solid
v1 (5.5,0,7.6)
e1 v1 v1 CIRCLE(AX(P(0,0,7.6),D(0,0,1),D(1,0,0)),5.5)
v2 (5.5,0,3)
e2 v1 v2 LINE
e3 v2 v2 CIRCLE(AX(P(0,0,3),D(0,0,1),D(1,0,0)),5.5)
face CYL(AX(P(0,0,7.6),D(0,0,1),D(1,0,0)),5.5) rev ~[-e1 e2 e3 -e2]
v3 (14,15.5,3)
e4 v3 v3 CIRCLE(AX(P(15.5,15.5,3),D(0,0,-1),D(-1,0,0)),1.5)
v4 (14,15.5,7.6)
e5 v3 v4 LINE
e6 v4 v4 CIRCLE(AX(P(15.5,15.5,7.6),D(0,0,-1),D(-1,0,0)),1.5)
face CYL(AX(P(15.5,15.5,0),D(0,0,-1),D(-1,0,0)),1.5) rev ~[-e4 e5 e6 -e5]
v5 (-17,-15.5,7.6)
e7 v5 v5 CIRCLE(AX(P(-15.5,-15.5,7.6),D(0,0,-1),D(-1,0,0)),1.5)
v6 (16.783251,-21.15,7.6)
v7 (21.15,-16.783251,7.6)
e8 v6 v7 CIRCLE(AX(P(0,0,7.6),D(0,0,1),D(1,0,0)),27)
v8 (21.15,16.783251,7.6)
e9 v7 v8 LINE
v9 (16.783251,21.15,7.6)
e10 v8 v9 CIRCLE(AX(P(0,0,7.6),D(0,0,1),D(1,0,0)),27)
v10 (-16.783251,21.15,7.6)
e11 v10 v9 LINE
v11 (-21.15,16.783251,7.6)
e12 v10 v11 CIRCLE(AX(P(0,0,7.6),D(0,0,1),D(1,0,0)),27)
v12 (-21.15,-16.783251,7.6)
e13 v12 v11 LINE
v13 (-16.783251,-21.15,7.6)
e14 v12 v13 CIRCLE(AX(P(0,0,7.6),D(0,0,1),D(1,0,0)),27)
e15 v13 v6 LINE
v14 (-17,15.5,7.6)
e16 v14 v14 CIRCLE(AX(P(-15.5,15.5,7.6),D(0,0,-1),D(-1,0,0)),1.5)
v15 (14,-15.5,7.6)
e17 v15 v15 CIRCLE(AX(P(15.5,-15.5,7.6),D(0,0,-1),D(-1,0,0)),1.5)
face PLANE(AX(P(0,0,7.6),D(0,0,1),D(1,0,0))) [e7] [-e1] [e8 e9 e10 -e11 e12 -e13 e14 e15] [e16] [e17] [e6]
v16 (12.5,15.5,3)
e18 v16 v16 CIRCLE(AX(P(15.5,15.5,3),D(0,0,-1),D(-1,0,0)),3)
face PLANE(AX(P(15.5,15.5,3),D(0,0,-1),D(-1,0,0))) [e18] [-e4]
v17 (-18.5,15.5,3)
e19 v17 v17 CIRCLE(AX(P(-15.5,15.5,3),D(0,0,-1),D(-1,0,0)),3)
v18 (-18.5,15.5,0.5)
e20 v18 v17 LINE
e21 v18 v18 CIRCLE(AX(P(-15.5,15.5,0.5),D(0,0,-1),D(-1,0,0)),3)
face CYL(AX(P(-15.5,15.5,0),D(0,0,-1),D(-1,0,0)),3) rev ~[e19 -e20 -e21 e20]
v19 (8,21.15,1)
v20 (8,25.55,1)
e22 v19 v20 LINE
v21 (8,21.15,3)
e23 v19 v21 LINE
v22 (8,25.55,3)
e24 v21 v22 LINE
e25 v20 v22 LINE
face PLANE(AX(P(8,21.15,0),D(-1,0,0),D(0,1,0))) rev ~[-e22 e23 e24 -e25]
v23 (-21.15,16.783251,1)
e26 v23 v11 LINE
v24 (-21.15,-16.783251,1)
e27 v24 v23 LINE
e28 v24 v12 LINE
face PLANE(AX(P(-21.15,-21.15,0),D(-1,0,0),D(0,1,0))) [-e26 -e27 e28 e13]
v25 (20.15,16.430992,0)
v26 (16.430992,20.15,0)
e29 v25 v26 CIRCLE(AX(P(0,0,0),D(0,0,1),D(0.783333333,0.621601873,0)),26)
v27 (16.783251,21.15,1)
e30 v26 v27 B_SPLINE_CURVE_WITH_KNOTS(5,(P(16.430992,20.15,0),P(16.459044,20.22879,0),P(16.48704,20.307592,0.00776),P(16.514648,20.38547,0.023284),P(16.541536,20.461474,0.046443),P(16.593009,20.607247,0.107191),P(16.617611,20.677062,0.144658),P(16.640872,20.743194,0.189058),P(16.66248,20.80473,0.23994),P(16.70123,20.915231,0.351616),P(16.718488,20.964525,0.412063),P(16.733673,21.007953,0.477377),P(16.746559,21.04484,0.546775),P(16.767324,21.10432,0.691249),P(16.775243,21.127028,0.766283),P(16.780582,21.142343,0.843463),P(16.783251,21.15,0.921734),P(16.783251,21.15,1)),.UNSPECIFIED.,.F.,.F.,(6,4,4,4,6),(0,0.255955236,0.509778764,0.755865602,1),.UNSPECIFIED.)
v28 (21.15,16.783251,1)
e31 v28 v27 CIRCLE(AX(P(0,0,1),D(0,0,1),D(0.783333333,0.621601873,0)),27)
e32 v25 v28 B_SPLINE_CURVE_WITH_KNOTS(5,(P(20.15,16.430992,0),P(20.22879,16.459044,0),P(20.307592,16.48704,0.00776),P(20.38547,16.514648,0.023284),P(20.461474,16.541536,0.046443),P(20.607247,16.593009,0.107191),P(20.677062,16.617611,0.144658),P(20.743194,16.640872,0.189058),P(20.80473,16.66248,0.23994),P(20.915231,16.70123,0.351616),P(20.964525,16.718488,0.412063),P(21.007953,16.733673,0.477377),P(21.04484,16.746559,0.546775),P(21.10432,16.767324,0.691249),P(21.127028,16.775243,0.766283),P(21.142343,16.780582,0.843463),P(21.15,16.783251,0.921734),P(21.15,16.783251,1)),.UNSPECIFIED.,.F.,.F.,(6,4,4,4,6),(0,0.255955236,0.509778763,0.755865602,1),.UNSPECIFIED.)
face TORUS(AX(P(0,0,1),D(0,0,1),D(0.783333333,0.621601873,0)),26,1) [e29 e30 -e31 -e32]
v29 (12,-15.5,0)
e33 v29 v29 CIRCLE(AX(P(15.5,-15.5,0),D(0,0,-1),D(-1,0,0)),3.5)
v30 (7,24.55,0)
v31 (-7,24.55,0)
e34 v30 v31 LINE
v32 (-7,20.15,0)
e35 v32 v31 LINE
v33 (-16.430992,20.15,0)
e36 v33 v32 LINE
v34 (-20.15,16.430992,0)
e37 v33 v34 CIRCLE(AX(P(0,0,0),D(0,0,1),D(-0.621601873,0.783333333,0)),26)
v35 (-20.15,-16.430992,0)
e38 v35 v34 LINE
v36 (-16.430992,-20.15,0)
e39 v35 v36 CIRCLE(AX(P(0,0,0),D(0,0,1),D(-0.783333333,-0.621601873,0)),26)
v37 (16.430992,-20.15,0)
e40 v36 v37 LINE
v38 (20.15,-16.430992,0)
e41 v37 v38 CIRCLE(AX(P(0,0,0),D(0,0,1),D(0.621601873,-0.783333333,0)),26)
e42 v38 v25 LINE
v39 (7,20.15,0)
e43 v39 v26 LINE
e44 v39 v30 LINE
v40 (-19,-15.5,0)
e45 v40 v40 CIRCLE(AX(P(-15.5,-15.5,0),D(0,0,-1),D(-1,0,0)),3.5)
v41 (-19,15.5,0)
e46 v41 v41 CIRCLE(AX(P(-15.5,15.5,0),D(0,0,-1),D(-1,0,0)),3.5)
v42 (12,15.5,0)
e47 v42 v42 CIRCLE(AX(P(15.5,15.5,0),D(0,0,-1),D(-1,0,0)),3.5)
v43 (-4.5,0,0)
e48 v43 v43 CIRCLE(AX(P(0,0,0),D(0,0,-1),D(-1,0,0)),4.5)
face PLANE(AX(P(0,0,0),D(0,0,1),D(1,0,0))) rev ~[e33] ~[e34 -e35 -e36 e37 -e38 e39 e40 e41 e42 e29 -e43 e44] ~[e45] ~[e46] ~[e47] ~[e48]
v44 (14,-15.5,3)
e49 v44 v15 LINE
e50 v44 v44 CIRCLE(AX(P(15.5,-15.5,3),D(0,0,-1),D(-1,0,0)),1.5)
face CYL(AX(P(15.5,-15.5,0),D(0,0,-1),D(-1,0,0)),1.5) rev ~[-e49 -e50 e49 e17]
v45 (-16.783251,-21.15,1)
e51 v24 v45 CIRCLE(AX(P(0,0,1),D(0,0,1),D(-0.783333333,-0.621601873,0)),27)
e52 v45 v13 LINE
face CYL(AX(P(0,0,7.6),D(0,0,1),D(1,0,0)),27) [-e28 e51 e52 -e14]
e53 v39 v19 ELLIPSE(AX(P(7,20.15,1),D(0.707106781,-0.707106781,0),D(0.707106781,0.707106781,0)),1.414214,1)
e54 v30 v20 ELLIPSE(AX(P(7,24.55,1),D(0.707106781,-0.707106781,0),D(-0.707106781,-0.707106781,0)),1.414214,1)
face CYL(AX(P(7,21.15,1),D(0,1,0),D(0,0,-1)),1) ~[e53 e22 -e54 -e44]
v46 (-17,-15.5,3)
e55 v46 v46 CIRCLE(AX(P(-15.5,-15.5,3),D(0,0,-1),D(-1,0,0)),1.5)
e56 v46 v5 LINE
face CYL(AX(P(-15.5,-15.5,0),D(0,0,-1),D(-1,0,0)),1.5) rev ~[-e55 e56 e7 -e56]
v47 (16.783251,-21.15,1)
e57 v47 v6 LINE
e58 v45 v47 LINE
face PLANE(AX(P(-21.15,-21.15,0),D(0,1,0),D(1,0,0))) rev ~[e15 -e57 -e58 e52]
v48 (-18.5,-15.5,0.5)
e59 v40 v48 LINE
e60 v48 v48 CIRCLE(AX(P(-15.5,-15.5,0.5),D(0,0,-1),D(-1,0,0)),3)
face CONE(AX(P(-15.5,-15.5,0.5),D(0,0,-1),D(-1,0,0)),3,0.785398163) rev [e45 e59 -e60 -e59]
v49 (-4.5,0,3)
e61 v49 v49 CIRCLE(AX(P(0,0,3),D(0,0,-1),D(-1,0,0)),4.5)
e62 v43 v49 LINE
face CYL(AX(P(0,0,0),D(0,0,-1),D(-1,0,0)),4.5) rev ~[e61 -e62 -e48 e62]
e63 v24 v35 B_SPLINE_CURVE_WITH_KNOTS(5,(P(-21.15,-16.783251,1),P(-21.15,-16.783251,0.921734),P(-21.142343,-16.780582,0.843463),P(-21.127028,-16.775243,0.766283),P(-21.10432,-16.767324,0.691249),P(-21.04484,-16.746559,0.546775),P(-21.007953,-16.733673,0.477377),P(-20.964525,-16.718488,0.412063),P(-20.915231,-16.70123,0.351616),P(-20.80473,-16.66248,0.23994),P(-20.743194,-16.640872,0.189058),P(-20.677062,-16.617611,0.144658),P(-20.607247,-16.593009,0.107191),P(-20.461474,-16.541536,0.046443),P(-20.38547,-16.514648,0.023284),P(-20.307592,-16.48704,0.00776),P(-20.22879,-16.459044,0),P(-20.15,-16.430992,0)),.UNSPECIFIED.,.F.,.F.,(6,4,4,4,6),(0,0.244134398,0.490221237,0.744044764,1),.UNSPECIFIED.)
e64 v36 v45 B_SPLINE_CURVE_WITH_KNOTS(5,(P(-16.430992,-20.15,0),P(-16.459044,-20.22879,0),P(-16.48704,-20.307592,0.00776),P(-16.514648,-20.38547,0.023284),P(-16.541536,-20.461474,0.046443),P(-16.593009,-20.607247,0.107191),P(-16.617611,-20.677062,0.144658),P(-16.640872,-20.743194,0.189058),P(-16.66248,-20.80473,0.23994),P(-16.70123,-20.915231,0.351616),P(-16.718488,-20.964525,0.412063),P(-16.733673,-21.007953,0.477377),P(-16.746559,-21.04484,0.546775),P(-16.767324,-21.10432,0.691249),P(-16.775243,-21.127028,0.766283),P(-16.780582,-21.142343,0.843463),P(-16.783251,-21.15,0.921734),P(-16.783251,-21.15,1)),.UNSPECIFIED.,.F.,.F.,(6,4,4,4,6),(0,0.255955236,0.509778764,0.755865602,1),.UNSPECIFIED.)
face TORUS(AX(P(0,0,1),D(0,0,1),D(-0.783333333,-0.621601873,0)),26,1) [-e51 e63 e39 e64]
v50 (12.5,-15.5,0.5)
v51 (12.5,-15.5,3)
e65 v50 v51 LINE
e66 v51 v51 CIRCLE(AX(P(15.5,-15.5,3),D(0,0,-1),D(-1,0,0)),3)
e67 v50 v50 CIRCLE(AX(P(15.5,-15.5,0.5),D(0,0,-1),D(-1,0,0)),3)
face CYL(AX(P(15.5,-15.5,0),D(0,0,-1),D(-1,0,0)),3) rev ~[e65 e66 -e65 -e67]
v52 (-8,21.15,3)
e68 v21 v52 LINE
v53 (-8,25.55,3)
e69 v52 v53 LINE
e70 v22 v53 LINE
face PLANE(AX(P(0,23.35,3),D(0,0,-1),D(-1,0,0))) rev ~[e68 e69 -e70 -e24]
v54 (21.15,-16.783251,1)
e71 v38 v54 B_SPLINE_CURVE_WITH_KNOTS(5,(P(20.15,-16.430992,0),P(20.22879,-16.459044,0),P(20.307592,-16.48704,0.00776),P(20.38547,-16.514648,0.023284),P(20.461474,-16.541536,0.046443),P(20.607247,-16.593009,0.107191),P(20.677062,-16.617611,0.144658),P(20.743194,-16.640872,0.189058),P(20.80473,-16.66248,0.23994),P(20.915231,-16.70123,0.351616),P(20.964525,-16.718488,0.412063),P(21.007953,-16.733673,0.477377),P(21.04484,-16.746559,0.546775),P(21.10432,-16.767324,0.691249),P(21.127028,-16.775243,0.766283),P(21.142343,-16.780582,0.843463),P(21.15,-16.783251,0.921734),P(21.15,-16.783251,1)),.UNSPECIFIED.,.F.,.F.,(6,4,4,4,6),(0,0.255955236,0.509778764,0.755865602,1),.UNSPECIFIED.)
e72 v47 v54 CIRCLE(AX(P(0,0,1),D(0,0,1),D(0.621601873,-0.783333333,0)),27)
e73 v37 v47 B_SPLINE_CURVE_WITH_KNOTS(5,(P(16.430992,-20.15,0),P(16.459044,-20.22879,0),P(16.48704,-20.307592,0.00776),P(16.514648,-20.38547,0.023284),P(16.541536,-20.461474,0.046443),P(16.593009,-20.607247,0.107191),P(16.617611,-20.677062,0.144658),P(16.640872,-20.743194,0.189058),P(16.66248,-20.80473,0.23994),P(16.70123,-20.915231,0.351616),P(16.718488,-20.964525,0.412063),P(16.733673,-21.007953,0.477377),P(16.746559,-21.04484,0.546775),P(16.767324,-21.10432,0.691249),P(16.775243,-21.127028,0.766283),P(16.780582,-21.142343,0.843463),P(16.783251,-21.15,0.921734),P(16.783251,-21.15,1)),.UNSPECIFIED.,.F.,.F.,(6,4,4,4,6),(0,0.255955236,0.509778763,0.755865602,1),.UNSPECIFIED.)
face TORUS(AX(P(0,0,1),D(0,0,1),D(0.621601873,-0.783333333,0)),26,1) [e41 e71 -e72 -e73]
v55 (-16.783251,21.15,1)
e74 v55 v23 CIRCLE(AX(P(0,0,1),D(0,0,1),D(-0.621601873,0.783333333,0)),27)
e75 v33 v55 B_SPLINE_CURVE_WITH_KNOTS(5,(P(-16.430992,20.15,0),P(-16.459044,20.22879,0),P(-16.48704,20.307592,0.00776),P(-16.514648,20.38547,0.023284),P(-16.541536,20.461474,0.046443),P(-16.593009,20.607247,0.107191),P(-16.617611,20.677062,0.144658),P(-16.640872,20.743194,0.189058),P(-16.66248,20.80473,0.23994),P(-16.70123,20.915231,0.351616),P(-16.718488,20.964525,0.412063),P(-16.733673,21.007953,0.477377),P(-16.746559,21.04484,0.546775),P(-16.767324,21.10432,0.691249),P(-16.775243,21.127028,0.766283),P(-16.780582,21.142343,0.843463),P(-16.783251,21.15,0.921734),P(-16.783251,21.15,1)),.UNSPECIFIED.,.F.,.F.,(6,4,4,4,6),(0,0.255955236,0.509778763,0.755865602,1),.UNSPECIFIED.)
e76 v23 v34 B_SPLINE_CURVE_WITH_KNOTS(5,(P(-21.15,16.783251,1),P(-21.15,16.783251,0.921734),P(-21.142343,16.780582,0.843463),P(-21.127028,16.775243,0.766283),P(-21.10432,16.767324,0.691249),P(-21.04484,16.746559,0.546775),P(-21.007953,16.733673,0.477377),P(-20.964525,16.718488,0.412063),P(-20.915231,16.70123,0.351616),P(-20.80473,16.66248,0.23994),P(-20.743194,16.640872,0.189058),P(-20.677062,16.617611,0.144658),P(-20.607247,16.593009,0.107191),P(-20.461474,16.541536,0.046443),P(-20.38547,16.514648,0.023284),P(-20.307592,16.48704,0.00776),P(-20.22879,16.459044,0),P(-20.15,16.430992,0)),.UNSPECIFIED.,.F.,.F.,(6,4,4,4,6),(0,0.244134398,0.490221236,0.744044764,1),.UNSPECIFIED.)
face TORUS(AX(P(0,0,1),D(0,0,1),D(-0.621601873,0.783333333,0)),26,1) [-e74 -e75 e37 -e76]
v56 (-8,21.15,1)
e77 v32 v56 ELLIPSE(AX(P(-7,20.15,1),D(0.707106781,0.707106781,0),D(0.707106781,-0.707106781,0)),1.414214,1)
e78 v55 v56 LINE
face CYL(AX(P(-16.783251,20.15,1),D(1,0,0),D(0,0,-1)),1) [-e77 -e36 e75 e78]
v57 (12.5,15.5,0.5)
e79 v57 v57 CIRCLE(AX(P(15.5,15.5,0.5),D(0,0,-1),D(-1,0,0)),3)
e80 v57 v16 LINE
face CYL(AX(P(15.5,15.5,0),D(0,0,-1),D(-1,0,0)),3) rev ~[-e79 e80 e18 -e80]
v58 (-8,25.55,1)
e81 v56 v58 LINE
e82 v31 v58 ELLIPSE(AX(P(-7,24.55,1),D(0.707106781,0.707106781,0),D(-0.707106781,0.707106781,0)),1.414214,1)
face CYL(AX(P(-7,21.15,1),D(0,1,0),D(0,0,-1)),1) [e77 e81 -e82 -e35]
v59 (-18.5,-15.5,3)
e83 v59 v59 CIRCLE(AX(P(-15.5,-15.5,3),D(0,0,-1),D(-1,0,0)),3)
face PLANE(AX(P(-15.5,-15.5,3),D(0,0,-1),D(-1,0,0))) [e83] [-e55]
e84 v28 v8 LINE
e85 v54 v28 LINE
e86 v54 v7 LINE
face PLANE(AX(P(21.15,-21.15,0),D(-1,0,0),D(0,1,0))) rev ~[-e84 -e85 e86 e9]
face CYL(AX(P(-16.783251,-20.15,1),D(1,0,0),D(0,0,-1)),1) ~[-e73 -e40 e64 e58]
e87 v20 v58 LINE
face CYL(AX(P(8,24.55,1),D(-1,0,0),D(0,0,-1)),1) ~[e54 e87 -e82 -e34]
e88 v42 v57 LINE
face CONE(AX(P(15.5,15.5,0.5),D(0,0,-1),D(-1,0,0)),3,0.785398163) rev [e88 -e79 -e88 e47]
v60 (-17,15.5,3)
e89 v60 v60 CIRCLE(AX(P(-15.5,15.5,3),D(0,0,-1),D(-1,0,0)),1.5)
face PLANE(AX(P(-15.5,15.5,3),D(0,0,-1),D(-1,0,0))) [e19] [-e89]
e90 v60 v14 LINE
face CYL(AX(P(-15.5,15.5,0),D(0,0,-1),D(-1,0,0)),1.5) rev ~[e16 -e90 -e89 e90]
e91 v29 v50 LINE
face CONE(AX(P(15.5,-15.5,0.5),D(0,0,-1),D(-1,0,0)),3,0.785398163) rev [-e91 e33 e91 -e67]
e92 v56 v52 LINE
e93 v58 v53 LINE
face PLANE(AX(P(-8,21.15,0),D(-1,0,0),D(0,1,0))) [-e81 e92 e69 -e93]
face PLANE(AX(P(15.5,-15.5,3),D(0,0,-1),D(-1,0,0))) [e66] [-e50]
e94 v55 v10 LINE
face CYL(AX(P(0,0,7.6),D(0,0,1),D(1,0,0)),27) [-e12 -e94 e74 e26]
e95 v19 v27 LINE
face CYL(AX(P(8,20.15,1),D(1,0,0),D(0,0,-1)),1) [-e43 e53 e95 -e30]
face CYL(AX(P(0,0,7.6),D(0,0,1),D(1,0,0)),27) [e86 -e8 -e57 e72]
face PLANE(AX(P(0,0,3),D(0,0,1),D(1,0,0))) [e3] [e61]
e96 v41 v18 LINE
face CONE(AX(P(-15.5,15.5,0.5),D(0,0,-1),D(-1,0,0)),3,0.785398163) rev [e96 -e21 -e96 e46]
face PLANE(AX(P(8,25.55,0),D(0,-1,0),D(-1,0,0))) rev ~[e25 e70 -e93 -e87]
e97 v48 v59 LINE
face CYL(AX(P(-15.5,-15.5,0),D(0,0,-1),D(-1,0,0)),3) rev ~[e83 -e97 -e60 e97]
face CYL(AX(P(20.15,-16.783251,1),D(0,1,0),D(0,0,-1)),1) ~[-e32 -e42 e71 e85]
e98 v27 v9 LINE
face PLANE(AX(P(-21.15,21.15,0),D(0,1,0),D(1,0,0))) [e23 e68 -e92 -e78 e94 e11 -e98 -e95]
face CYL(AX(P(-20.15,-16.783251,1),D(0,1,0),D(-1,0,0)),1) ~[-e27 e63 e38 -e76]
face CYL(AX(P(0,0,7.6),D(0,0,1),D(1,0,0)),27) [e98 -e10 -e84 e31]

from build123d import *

# Parameters (mm, degrees)
CROQUIS1_W            = 42.3
CROQUIS1_H            = 42.3
EXTRUDE_FEATURE_DEPTH = 7.6
SKETCH2_R             = 29.910616844
SKETCH2_R_2           = 27
CUT_EXTRUDE1_DEPTH    = 8.6
CROQUIS5_R            = 1.5
CORTAR_EXTRUIR2_DEPTH = 22
CROQUIS6_R            = 4.5
CORTAR_EXTRUIR3_DEPTH = 8.6
SKETCH3_R             = 5.5
CUT_EXTRUDE2_DEPTH    = 4.6
CROQUIS7_R            = 3
CORTAR_EXTRUIR4_DEPTH = 3
SKETCH1_W             = 16
SKETCH1_H             = 4.4
BOSS_EXTRUDE1_DEPTH   = 3
FILLET1_R             = 1
CHAMFER1_SIZE         = 0.5


with BuildPart() as part:
    # Croquis1 → Extrude Feature (new body)
    with BuildSketch(Plane.XY):
        Rectangle(CROQUIS1_W, CROQUIS1_H)
    extrude(amount=EXTRUDE_FEATURE_DEPTH)

    # Sketch2 → Cut-Extrude1 (cut, through all)
    with BuildSketch(Plane.XY.offset(7.6)):
        Circle(SKETCH2_R)
        Circle(SKETCH2_R_2, mode=Mode.SUBTRACT)
    extrude(amount=-CUT_EXTRUDE1_DEPTH, mode=Mode.SUBTRACT)

    # Croquis5 → Cortar-Extruir2 (cut)
    with BuildSketch(Plane(origin=(0, 0, 0), x_dir=(-1, 0, 0), z_dir=(0, 0, -1))):
        with Locations((-15.5, 15.5)):
            Circle(CROQUIS5_R)
        with Locations((15.5, 15.5)):
            Circle(CROQUIS5_R)
        with Locations((15.5, -15.5)):
            Circle(CROQUIS5_R)
        with Locations((-15.5, -15.5)):
            Circle(CROQUIS5_R)
    extrude(amount=-CORTAR_EXTRUIR2_DEPTH, mode=Mode.SUBTRACT)

    # Croquis6 → Cortar-Extruir3 (cut, through all)
    with BuildSketch(Plane(origin=(0, 0, 0), x_dir=(-1, 0, 0), z_dir=(0, 0, -1))):
        Circle(CROQUIS6_R)
    extrude(amount=-CORTAR_EXTRUIR3_DEPTH, mode=Mode.SUBTRACT)

    # Sketch3 → Cut-Extrude2 (cut)
    with BuildSketch(Plane.XY.offset(7.6)):
        Circle(SKETCH3_R)
    extrude(amount=-CUT_EXTRUDE2_DEPTH, mode=Mode.SUBTRACT)

    # Croquis7 → Cortar-Extruir4 (cut)
    with BuildSketch(Plane(origin=(0, 0, 0), x_dir=(-1, 0, 0), z_dir=(0, 0, -1))):
        with Locations((-15.5, 15.5)):
            Circle(CROQUIS7_R)
        with Locations((15.5, 15.5)):
            Circle(CROQUIS7_R)
        with Locations((15.5, -15.5)):
            Circle(CROQUIS7_R)
        with Locations((-15.5, -15.5)):
            Circle(CROQUIS7_R)
    extrude(amount=-CORTAR_EXTRUIR4_DEPTH, mode=Mode.SUBTRACT)

    # Sketch1 → Boss-Extrude1 (add)
    with BuildSketch(Plane(origin=(0, 0, 0), x_dir=(-1, 0, 0), z_dir=(0, 0, -1))):
        with Locations((0, 23.35)):
            Rectangle(SKETCH1_W, SKETCH1_H)
    extrude(amount=-BOSS_EXTRUDE1_DEPTH)

    # Fillet1
    fillet1_edges = [part.edges().sort_by_distance(p)[0] for p in [
        (-12.39162529, 21.15, 0),
        (-8, 23.35, 0),
        (0, 25.55, 0),
        (8, 23.35, 0),
        (21.15, 0, 0),
        (0, -21.15, 0),
        (-21.15, 0, 0),
        (12.39162529, 21.15, 0),
        (19.091883092, -19.091883092, 0),
        (-19.091883092, -19.091883092, 0),
        (-19.091883092, 19.091883092, 0),
        (19.091883092, 19.091883092, 0),
    ]]
    fillet(fillet1_edges, radius=FILLET1_R)

    # Chamfer1
    chamfer1_edges = [part.edges().sort_by_distance(p)[0] for p in [
        (18.5, 15.5, 0),
        (-12.5, 15.5, 0),
        (-12.5, -15.5, 0),
        (18.5, -15.5, 0),
    ]]
    chamfer(chamfer1_edges, length=CHAMFER1_SIZE)


solid = part.part
